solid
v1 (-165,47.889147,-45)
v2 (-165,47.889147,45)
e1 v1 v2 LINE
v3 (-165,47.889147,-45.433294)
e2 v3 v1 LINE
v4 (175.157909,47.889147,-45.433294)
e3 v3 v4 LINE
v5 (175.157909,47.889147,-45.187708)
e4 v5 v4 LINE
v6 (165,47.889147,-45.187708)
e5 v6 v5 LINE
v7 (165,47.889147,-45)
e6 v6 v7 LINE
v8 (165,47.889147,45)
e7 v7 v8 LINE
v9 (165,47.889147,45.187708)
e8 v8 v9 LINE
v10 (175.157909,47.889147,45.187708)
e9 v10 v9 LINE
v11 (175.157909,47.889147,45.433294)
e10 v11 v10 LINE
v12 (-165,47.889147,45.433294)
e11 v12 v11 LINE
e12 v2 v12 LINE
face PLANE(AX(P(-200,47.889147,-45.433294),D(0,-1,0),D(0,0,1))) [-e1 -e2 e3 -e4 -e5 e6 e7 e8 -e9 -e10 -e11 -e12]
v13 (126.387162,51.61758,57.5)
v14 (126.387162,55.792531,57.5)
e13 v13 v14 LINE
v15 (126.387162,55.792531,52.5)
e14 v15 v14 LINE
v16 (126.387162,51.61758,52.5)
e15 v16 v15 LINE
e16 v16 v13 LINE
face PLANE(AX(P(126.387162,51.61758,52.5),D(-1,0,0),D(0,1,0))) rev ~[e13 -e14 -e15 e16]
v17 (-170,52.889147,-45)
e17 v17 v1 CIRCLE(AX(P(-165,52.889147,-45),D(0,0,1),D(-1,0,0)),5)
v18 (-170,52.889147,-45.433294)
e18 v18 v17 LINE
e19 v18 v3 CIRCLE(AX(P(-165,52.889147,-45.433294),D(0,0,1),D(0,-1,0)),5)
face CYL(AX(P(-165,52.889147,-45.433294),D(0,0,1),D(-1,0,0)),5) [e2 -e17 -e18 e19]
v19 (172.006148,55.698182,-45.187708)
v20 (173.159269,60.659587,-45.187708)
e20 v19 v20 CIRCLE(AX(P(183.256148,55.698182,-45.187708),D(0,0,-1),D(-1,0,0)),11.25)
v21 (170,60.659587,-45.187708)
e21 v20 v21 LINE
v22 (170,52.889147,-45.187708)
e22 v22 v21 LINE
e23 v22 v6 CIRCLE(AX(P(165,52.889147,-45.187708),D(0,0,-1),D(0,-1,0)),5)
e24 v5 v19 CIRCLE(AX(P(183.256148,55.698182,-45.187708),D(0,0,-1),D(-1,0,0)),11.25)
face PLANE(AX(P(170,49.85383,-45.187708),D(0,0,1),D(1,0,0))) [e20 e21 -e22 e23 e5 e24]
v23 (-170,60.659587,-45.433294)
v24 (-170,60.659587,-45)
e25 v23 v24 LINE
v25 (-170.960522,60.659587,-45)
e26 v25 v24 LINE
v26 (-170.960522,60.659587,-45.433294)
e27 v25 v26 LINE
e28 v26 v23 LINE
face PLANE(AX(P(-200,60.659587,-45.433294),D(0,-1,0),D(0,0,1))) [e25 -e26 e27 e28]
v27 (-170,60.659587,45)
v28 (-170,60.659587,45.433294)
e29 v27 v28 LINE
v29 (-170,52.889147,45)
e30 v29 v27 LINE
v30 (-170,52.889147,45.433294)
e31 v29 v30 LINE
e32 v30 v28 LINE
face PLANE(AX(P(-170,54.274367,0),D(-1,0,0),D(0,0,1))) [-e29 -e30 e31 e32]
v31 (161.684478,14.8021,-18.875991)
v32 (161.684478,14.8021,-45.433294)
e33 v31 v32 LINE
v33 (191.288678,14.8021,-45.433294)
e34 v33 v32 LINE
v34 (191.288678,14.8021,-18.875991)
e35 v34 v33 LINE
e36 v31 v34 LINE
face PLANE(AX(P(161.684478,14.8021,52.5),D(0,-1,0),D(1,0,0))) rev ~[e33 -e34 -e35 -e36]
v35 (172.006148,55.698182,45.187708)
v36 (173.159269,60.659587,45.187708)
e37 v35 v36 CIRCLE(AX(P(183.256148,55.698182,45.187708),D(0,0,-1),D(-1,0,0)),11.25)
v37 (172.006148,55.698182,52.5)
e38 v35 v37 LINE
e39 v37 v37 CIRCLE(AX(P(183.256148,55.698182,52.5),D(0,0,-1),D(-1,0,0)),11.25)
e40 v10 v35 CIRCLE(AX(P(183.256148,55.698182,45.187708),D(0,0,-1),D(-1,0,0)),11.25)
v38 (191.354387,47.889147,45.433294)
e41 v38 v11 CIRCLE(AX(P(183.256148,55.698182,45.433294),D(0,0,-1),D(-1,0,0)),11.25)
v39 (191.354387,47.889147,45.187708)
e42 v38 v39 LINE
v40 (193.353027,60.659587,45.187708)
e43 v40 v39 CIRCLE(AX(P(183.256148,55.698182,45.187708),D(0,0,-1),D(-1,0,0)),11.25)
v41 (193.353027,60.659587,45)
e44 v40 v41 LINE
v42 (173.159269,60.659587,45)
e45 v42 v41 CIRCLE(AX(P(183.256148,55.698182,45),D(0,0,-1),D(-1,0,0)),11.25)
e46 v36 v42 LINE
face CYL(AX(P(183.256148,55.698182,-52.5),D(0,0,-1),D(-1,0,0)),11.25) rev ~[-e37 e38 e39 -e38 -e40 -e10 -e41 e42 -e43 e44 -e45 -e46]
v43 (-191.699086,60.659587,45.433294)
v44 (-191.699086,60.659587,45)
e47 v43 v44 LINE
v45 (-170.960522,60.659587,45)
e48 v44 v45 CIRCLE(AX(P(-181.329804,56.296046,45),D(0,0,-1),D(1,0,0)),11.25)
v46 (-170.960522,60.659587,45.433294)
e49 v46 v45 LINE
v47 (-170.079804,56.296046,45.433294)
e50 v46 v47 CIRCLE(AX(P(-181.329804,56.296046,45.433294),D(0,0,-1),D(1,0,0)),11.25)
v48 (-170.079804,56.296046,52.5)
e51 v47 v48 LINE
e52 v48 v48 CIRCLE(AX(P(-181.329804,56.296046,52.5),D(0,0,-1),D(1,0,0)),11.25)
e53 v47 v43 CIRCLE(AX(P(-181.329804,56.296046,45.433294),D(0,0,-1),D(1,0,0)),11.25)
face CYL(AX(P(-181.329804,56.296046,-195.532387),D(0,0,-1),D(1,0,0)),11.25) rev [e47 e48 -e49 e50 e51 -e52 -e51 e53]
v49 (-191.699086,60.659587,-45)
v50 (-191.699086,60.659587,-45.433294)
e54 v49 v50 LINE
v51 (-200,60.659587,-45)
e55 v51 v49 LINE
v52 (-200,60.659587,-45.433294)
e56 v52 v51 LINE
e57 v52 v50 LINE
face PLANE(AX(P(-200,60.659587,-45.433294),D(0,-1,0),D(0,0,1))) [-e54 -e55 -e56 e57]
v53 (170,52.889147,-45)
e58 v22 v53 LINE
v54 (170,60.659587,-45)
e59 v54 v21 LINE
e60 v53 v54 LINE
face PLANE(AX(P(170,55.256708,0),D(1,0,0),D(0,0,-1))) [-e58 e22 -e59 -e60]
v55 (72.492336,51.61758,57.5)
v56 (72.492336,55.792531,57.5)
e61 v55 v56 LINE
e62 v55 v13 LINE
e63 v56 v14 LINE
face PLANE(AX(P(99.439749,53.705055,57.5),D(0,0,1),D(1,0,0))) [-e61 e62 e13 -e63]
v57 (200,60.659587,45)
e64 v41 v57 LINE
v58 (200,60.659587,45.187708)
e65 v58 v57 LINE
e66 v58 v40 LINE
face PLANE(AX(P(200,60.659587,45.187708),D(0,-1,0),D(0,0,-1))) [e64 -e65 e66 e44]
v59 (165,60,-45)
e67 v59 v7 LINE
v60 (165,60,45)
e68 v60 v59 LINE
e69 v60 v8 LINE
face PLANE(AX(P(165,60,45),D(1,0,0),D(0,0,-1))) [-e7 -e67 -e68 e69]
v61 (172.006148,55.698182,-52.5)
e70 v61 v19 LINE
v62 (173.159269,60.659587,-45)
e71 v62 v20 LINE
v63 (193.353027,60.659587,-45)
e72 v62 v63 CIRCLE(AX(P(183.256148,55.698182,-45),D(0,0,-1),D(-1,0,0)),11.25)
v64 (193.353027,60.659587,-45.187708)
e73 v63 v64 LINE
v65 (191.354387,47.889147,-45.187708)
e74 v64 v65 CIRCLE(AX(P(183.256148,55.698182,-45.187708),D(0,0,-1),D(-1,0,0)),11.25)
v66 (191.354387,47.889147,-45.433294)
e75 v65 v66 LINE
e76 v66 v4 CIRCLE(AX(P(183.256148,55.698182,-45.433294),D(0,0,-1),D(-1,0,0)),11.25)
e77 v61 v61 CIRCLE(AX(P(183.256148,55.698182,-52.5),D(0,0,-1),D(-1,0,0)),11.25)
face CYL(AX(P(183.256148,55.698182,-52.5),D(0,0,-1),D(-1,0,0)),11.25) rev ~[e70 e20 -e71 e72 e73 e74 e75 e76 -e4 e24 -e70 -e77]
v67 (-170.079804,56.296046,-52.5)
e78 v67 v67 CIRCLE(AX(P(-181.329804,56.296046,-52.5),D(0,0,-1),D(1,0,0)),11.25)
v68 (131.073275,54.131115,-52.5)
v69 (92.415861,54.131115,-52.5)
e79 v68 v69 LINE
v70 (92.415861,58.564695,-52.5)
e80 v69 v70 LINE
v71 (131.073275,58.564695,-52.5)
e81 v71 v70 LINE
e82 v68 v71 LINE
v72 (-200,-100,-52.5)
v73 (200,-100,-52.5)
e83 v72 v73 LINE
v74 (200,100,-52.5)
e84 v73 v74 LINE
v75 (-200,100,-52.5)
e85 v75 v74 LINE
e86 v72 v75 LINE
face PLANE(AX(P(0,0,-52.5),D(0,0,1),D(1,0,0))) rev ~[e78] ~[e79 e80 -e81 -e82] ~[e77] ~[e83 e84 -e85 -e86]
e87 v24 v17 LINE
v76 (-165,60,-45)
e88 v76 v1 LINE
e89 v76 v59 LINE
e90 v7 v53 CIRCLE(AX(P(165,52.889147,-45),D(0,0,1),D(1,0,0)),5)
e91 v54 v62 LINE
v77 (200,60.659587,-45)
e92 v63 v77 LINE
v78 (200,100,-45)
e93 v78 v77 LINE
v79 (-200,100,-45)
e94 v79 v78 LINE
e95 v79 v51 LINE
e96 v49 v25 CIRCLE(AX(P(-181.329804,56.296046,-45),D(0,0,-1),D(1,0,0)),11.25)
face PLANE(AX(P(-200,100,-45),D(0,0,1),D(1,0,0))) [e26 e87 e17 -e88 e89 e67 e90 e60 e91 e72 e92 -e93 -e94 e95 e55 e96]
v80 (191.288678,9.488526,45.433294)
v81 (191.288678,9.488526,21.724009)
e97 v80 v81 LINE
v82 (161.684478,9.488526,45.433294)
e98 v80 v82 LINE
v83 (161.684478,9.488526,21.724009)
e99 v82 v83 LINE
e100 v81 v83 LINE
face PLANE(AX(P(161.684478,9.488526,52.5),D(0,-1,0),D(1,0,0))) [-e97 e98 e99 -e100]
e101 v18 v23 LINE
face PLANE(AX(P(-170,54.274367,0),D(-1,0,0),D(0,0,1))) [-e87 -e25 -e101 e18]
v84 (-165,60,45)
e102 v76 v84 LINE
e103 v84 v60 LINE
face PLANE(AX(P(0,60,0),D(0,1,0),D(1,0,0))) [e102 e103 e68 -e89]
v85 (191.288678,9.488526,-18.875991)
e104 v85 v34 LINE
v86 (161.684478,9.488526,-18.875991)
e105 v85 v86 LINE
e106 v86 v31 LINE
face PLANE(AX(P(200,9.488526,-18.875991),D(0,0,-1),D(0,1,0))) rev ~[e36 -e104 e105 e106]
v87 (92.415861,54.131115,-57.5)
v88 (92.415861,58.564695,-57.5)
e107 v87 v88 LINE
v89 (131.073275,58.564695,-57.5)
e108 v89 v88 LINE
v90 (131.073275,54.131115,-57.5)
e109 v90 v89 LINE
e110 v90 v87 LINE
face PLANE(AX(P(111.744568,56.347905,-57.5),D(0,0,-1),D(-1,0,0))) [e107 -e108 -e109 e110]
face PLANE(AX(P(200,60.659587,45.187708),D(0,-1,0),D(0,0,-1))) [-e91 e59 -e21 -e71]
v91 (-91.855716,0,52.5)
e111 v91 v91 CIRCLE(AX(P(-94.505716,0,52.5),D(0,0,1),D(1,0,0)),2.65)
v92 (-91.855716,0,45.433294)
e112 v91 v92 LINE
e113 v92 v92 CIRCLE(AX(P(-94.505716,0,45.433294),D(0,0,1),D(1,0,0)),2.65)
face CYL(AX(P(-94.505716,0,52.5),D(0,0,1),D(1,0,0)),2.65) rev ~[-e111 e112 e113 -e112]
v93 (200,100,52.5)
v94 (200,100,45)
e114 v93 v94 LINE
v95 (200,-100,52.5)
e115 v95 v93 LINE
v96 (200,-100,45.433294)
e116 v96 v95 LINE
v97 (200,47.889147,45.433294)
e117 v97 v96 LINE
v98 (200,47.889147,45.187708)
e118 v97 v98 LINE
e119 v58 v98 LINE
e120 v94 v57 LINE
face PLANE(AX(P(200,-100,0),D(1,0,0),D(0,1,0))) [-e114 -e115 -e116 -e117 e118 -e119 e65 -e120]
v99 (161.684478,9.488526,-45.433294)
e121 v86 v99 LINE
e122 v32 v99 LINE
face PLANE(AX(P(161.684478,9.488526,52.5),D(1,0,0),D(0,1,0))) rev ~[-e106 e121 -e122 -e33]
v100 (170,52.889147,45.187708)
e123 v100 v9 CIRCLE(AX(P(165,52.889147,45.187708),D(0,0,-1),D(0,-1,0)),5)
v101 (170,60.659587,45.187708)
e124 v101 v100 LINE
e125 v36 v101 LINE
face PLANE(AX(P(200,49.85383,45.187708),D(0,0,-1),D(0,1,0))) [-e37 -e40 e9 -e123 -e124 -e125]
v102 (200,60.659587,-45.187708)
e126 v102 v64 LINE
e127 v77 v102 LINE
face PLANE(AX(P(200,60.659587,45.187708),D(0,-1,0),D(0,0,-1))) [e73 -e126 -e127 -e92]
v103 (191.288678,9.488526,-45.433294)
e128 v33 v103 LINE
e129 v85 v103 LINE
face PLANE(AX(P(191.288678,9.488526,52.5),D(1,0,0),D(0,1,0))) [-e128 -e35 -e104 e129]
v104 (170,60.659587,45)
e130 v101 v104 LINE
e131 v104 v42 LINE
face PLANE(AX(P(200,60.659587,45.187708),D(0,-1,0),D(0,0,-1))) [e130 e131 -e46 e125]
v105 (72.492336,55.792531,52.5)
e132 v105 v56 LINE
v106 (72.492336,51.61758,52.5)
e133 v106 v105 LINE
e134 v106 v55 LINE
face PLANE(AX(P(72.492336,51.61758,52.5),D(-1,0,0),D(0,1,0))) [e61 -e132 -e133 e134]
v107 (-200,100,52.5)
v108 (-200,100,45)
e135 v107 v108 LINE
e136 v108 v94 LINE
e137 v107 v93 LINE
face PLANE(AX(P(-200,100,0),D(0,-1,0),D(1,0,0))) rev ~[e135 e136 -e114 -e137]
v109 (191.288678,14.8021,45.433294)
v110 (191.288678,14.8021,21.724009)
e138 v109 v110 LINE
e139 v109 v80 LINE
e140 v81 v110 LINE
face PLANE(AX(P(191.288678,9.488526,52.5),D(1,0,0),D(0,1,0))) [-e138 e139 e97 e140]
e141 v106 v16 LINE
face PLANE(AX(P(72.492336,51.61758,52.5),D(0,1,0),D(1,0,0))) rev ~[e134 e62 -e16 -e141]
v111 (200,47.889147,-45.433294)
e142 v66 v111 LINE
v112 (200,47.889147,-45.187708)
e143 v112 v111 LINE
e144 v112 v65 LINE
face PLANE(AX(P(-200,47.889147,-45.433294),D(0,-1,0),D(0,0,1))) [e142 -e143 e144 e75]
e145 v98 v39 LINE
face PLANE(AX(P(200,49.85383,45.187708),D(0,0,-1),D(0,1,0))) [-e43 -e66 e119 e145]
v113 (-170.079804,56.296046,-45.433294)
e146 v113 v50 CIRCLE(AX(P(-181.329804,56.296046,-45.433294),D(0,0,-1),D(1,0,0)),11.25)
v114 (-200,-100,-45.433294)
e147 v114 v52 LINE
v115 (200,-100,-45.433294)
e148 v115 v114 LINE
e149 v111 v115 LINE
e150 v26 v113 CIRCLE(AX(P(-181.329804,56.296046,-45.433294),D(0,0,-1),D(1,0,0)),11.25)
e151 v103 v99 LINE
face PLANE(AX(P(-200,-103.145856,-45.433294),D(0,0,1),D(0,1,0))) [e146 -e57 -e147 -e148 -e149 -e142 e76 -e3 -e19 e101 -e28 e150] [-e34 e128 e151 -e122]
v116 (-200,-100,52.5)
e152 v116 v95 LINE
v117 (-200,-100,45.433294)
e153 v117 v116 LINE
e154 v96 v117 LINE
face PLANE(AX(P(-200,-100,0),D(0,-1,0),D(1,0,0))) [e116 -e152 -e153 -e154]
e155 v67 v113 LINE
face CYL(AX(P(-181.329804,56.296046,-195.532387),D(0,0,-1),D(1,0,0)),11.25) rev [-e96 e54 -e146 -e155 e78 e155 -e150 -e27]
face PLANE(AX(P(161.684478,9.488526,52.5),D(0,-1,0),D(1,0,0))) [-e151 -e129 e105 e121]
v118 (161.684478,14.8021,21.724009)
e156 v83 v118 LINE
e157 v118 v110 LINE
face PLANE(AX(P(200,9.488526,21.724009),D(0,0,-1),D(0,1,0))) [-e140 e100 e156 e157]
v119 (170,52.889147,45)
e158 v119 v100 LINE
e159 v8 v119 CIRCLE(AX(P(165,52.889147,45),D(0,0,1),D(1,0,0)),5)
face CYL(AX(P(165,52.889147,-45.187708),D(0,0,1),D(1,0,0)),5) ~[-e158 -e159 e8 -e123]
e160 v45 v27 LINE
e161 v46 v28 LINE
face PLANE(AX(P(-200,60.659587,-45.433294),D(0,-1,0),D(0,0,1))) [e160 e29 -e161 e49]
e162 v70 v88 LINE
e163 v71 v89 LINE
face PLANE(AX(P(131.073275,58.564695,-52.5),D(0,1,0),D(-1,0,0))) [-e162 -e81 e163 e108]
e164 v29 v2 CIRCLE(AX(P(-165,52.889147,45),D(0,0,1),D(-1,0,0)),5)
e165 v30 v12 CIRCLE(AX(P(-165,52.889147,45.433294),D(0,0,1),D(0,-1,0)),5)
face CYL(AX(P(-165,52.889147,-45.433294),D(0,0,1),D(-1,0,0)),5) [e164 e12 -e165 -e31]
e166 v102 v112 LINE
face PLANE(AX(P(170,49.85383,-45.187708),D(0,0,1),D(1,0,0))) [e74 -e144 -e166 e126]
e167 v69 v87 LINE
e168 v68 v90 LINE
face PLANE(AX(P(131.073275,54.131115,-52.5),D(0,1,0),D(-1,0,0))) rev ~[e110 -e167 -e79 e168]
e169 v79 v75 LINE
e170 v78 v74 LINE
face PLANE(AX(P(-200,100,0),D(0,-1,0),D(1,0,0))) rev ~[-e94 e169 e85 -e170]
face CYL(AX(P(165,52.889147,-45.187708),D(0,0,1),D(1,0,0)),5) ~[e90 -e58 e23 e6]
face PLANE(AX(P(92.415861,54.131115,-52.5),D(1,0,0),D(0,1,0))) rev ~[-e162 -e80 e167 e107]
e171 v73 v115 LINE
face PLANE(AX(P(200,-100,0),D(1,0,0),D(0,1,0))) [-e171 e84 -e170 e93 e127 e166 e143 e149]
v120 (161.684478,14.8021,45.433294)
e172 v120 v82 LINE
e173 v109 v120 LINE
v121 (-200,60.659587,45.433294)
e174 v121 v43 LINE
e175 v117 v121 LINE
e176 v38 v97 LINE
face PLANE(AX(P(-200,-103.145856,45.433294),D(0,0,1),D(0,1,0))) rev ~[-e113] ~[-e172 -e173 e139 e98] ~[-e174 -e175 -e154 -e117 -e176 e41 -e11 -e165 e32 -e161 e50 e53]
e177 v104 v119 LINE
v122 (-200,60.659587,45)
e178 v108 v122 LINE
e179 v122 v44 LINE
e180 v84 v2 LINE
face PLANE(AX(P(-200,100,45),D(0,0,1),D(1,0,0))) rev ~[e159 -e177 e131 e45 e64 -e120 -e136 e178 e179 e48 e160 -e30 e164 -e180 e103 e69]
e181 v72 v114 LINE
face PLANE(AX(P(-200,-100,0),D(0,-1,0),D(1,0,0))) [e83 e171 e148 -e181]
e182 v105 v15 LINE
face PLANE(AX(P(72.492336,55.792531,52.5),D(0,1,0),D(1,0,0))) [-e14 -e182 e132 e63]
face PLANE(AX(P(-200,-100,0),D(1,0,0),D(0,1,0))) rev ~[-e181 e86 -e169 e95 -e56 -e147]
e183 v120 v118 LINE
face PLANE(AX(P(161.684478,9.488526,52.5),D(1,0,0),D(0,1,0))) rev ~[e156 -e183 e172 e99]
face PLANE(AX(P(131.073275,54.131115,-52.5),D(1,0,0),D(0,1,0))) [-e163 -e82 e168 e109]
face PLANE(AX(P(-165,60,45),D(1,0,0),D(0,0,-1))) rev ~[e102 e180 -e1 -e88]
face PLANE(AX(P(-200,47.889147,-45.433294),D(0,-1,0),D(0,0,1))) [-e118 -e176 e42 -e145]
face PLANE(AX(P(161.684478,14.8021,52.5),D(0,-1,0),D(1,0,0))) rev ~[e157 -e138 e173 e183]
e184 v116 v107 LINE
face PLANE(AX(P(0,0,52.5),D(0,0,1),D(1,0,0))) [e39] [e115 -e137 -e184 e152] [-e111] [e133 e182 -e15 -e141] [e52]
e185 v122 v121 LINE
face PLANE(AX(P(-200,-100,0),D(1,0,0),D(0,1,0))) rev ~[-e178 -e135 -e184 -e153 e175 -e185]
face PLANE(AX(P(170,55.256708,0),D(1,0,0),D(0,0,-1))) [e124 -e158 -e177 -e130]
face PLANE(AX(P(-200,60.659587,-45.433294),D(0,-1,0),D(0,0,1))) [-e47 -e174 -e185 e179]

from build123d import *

# Parameters (mm, degrees)
SKETCH1_W               = 400
SKETCH1_H               = 200
BOSS_EXTRUDE1_DEPTH     = 52.5
SKETCH2_W               = 400
SKETCH2_H               = 90
CUT_EXTRUDE2_DEPTH      = 40
SKETCH3_W               = 90.375416362
SKETCH3_H               = 10.805756305
CUT_EXTRUDE4_DEPTH      = 30
SKETCH6_W               = 90.866587104
SKETCH6_H               = 12.770439269
CUT_EXTRUDE5_DEPTH      = 30
SKETCH7_W               = 90.866587104
SKETCH7_H               = 151.035002888
CUT_EXTRUDE6_DEPTH      = 416.639567414
SKETCH8_W               = 30
SKETCH8_H               = 90.375416362
CUT_EXTRUDE7_DEPTH      = 256.367226621
SKETCH11_R              = 11.25
CUT_EXTRUDE8_DEPTH      = 248.032386541
FILLET6_R               = 5
CUT_EXTRUDE9_DEPTH      = 248.032386541
CUT_EXTRUDE9_DEPTH_BACK = 248.032386541
SKETCH12_R              = 11.25
FILLET7_R               = 5
SKETCH19_W              = 5.960521718
SKETCH19_H              = 90
CUT_EXTRUDE11_DEPTH     = 262.450282081
SKETCH20_W              = 5
SKETCH20_H              = 90
CUT_EXTRUDE12_DEPTH     = 262.450282081
BOSS_EXTRUDE7_REACH     = 249.032
SKETCH29_W              = 29.604200123
SKETCH29_H              = 5.313574381
SKETCH30_W              = 40.6
SKETCH30_H              = 6.563827177
CUT_EXTRUDE16_DEPTH     = 416.639567414
SKETCH31_R              = 2.65
CUT_EXTRUDE17_DEPTH     = 10
SKETCH32_W              = 53.894825864
SKETCH32_H              = 4.174951299
BOSS_EXTRUDE8_DEPTH     = 5
SKETCH33_W              = 38.657413524
SKETCH33_H              = 4.433580482
BOSS_EXTRUDE9_DEPTH     = 5


with BuildPart() as part:
    # Sketch1 → Boss-Extrude1 (new, symmetric)
    with BuildSketch(Plane.XY):
        Rectangle(SKETCH1_W, SKETCH1_H)
    extrude(amount=BOSS_EXTRUDE1_DEPTH, both=True)

    # Sketch2 → Cut-Extrude2 (cut)
    with BuildSketch(Plane(origin=(0, 100, 0), x_dir=(1, 0, 0), z_dir=(0, 1, 0))):
        Rectangle(SKETCH2_W, SKETCH2_H)
    extrude(amount=-CUT_EXTRUDE2_DEPTH, mode=Mode.SUBTRACT)

    # Sketch3 → Cut-Extrude4 (cut)
    with BuildSketch(Plane(origin=(200, 0, 0), x_dir=(0, 0, -1), z_dir=(1, 0, 0))):
        with Locations((0, 55.256708374)):
            Rectangle(SKETCH3_W, SKETCH3_H)
    extrude(amount=-CUT_EXTRUDE4_DEPTH, mode=Mode.SUBTRACT)

    # Sketch6 → Cut-Extrude5 (cut)
    with BuildSketch(Plane.ZY.offset(200)):
        with Locations((0, 54.274366892)):
            Rectangle(SKETCH6_W, SKETCH6_H)
    extrude(amount=-CUT_EXTRUDE5_DEPTH, mode=Mode.SUBTRACT)

    # Sketch7 → Cut-Extrude6 (cut, through all)
    with BuildSketch(Plane.ZY.offset(200)):
        with Locations((0, -27.628354187)):
            Rectangle(SKETCH7_W, SKETCH7_H)
    extrude(amount=-CUT_EXTRUDE6_DEPTH, mode=Mode.SUBTRACT)

    # Sketch8 → Cut-Extrude7 (cut, through all)
    with BuildSketch(Plane(origin=(0, 49.853830221, 0), x_dir=(1, 0, 0), z_dir=(0, 1, 0))):
        with Locations((185, 0)):
            Rectangle(SKETCH8_W, SKETCH8_H)
    extrude(amount=-CUT_EXTRUDE7_DEPTH, mode=Mode.SUBTRACT)

    # Sketch11 → Cut-Extrude8 (cut, through all)
    with BuildSketch(Plane(origin=(0, 0, -52.5), x_dir=(-1, 0, 0), z_dir=(0, 0, -1))):
        with Locations((-183.256148082, 55.698181941)):
            Circle(SKETCH11_R)
    extrude(amount=-CUT_EXTRUDE8_DEPTH, mode=Mode.SUBTRACT)

    # Fillet6
    fillet6_edges = [part.edges().sort_by_distance(p)[0] for p in [
        (-170, 60, 0),
        (-170, 47.889147257, 0),
    ]]
    fillet(fillet6_edges, radius=FILLET6_R)

    # Sketch12 → Cut-Extrude9 (cut, two sides: drawn at the far end of the back side and taken through both)
    with BuildSketch(Plane.XY.offset(52.5).offset(-CUT_EXTRUDE9_DEPTH_BACK)):
        with Locations((-181.329803839, 56.296045727)):
            Circle(SKETCH12_R)
    extrude(amount=CUT_EXTRUDE9_DEPTH + CUT_EXTRUDE9_DEPTH_BACK, mode=Mode.SUBTRACT)

    # Fillet7
    fillet7_edges = [part.edges().sort_by_distance(p)[0] for p in [
        (170, 47.889147257, 0),
        (170, 60, 0),
    ]]
    fillet(fillet7_edges, radius=FILLET7_R)

    # Sketch19 → Cut-Extrude11 (cut, through all)
    with BuildSketch(Plane(origin=(0, 60, 0), x_dir=(1, 0, 0), z_dir=(0, 1, 0))):
        with Locations((-167.980260859, 0)):
            Rectangle(SKETCH19_W, SKETCH19_H)
    extrude(amount=-CUT_EXTRUDE11_DEPTH, mode=Mode.SUBTRACT)

    # Sketch20 → Cut-Extrude12 (cut, through all)
    with BuildSketch(Plane(origin=(0, 60, 0), x_dir=(1, 0, 0), z_dir=(0, 1, 0))):
        with Locations((167.5, 0)):
            Rectangle(SKETCH20_W, SKETCH20_H)
    extrude(amount=-CUT_EXTRUDE12_DEPTH, mode=Mode.SUBTRACT)

    # Sketch29 → Boss-Extrude7 (add, up to next)
    with BuildSketch(Plane.XY.offset(52.5), mode=Mode.PRIVATE) as boss_extrude7_sk1:
        with Locations((176.486577654, 12.14531287)):
            Rectangle(SKETCH29_W, SKETCH29_H)
    boss_extrude7_tool1 = extrude(boss_extrude7_sk1.sketch, amount=-BOSS_EXTRUDE7_REACH, mode=Mode.PRIVATE) - part.part
    add(boss_extrude7_tool1.solids().sort_by_distance((176.486578, 12.145313, 52.5))[0])

    # Sketch30 → Cut-Extrude16 (cut, through all)
    with BuildSketch(Plane(origin=(200, 0, 0), x_dir=(0, 0, -1), z_dir=(1, 0, 0))):
        with Locations((-1.424009181, 12.770439269)):
            Rectangle(SKETCH30_W, SKETCH30_H)
    extrude(amount=-CUT_EXTRUDE16_DEPTH, mode=Mode.SUBTRACT)

    # Sketch31 → Cut-Extrude17 (cut)
    with BuildSketch(Plane.XY.offset(52.5)):
        with Locations((-94.505715776, 0)):
            Circle(SKETCH31_R)
    extrude(amount=-CUT_EXTRUDE17_DEPTH, mode=Mode.SUBTRACT)

    # Sketch32 → Boss-Extrude8 (add)
    with BuildSketch(Plane.XY.offset(52.5)):
        with Locations((99.43974913, 53.705055351)):
            Rectangle(SKETCH32_W, SKETCH32_H)
    extrude(amount=BOSS_EXTRUDE8_DEPTH)

    # Sketch33 → Boss-Extrude9 (add)
    with BuildSketch(Plane(origin=(0, 0, -52.5), x_dir=(-1, 0, 0), z_dir=(0, 0, -1))):
        with Locations((-111.744568027, 56.347904824)):
            Rectangle(SKETCH33_W, SKETCH33_H)
    extrude(amount=BOSS_EXTRUDE9_DEPTH)


solid = part.part
